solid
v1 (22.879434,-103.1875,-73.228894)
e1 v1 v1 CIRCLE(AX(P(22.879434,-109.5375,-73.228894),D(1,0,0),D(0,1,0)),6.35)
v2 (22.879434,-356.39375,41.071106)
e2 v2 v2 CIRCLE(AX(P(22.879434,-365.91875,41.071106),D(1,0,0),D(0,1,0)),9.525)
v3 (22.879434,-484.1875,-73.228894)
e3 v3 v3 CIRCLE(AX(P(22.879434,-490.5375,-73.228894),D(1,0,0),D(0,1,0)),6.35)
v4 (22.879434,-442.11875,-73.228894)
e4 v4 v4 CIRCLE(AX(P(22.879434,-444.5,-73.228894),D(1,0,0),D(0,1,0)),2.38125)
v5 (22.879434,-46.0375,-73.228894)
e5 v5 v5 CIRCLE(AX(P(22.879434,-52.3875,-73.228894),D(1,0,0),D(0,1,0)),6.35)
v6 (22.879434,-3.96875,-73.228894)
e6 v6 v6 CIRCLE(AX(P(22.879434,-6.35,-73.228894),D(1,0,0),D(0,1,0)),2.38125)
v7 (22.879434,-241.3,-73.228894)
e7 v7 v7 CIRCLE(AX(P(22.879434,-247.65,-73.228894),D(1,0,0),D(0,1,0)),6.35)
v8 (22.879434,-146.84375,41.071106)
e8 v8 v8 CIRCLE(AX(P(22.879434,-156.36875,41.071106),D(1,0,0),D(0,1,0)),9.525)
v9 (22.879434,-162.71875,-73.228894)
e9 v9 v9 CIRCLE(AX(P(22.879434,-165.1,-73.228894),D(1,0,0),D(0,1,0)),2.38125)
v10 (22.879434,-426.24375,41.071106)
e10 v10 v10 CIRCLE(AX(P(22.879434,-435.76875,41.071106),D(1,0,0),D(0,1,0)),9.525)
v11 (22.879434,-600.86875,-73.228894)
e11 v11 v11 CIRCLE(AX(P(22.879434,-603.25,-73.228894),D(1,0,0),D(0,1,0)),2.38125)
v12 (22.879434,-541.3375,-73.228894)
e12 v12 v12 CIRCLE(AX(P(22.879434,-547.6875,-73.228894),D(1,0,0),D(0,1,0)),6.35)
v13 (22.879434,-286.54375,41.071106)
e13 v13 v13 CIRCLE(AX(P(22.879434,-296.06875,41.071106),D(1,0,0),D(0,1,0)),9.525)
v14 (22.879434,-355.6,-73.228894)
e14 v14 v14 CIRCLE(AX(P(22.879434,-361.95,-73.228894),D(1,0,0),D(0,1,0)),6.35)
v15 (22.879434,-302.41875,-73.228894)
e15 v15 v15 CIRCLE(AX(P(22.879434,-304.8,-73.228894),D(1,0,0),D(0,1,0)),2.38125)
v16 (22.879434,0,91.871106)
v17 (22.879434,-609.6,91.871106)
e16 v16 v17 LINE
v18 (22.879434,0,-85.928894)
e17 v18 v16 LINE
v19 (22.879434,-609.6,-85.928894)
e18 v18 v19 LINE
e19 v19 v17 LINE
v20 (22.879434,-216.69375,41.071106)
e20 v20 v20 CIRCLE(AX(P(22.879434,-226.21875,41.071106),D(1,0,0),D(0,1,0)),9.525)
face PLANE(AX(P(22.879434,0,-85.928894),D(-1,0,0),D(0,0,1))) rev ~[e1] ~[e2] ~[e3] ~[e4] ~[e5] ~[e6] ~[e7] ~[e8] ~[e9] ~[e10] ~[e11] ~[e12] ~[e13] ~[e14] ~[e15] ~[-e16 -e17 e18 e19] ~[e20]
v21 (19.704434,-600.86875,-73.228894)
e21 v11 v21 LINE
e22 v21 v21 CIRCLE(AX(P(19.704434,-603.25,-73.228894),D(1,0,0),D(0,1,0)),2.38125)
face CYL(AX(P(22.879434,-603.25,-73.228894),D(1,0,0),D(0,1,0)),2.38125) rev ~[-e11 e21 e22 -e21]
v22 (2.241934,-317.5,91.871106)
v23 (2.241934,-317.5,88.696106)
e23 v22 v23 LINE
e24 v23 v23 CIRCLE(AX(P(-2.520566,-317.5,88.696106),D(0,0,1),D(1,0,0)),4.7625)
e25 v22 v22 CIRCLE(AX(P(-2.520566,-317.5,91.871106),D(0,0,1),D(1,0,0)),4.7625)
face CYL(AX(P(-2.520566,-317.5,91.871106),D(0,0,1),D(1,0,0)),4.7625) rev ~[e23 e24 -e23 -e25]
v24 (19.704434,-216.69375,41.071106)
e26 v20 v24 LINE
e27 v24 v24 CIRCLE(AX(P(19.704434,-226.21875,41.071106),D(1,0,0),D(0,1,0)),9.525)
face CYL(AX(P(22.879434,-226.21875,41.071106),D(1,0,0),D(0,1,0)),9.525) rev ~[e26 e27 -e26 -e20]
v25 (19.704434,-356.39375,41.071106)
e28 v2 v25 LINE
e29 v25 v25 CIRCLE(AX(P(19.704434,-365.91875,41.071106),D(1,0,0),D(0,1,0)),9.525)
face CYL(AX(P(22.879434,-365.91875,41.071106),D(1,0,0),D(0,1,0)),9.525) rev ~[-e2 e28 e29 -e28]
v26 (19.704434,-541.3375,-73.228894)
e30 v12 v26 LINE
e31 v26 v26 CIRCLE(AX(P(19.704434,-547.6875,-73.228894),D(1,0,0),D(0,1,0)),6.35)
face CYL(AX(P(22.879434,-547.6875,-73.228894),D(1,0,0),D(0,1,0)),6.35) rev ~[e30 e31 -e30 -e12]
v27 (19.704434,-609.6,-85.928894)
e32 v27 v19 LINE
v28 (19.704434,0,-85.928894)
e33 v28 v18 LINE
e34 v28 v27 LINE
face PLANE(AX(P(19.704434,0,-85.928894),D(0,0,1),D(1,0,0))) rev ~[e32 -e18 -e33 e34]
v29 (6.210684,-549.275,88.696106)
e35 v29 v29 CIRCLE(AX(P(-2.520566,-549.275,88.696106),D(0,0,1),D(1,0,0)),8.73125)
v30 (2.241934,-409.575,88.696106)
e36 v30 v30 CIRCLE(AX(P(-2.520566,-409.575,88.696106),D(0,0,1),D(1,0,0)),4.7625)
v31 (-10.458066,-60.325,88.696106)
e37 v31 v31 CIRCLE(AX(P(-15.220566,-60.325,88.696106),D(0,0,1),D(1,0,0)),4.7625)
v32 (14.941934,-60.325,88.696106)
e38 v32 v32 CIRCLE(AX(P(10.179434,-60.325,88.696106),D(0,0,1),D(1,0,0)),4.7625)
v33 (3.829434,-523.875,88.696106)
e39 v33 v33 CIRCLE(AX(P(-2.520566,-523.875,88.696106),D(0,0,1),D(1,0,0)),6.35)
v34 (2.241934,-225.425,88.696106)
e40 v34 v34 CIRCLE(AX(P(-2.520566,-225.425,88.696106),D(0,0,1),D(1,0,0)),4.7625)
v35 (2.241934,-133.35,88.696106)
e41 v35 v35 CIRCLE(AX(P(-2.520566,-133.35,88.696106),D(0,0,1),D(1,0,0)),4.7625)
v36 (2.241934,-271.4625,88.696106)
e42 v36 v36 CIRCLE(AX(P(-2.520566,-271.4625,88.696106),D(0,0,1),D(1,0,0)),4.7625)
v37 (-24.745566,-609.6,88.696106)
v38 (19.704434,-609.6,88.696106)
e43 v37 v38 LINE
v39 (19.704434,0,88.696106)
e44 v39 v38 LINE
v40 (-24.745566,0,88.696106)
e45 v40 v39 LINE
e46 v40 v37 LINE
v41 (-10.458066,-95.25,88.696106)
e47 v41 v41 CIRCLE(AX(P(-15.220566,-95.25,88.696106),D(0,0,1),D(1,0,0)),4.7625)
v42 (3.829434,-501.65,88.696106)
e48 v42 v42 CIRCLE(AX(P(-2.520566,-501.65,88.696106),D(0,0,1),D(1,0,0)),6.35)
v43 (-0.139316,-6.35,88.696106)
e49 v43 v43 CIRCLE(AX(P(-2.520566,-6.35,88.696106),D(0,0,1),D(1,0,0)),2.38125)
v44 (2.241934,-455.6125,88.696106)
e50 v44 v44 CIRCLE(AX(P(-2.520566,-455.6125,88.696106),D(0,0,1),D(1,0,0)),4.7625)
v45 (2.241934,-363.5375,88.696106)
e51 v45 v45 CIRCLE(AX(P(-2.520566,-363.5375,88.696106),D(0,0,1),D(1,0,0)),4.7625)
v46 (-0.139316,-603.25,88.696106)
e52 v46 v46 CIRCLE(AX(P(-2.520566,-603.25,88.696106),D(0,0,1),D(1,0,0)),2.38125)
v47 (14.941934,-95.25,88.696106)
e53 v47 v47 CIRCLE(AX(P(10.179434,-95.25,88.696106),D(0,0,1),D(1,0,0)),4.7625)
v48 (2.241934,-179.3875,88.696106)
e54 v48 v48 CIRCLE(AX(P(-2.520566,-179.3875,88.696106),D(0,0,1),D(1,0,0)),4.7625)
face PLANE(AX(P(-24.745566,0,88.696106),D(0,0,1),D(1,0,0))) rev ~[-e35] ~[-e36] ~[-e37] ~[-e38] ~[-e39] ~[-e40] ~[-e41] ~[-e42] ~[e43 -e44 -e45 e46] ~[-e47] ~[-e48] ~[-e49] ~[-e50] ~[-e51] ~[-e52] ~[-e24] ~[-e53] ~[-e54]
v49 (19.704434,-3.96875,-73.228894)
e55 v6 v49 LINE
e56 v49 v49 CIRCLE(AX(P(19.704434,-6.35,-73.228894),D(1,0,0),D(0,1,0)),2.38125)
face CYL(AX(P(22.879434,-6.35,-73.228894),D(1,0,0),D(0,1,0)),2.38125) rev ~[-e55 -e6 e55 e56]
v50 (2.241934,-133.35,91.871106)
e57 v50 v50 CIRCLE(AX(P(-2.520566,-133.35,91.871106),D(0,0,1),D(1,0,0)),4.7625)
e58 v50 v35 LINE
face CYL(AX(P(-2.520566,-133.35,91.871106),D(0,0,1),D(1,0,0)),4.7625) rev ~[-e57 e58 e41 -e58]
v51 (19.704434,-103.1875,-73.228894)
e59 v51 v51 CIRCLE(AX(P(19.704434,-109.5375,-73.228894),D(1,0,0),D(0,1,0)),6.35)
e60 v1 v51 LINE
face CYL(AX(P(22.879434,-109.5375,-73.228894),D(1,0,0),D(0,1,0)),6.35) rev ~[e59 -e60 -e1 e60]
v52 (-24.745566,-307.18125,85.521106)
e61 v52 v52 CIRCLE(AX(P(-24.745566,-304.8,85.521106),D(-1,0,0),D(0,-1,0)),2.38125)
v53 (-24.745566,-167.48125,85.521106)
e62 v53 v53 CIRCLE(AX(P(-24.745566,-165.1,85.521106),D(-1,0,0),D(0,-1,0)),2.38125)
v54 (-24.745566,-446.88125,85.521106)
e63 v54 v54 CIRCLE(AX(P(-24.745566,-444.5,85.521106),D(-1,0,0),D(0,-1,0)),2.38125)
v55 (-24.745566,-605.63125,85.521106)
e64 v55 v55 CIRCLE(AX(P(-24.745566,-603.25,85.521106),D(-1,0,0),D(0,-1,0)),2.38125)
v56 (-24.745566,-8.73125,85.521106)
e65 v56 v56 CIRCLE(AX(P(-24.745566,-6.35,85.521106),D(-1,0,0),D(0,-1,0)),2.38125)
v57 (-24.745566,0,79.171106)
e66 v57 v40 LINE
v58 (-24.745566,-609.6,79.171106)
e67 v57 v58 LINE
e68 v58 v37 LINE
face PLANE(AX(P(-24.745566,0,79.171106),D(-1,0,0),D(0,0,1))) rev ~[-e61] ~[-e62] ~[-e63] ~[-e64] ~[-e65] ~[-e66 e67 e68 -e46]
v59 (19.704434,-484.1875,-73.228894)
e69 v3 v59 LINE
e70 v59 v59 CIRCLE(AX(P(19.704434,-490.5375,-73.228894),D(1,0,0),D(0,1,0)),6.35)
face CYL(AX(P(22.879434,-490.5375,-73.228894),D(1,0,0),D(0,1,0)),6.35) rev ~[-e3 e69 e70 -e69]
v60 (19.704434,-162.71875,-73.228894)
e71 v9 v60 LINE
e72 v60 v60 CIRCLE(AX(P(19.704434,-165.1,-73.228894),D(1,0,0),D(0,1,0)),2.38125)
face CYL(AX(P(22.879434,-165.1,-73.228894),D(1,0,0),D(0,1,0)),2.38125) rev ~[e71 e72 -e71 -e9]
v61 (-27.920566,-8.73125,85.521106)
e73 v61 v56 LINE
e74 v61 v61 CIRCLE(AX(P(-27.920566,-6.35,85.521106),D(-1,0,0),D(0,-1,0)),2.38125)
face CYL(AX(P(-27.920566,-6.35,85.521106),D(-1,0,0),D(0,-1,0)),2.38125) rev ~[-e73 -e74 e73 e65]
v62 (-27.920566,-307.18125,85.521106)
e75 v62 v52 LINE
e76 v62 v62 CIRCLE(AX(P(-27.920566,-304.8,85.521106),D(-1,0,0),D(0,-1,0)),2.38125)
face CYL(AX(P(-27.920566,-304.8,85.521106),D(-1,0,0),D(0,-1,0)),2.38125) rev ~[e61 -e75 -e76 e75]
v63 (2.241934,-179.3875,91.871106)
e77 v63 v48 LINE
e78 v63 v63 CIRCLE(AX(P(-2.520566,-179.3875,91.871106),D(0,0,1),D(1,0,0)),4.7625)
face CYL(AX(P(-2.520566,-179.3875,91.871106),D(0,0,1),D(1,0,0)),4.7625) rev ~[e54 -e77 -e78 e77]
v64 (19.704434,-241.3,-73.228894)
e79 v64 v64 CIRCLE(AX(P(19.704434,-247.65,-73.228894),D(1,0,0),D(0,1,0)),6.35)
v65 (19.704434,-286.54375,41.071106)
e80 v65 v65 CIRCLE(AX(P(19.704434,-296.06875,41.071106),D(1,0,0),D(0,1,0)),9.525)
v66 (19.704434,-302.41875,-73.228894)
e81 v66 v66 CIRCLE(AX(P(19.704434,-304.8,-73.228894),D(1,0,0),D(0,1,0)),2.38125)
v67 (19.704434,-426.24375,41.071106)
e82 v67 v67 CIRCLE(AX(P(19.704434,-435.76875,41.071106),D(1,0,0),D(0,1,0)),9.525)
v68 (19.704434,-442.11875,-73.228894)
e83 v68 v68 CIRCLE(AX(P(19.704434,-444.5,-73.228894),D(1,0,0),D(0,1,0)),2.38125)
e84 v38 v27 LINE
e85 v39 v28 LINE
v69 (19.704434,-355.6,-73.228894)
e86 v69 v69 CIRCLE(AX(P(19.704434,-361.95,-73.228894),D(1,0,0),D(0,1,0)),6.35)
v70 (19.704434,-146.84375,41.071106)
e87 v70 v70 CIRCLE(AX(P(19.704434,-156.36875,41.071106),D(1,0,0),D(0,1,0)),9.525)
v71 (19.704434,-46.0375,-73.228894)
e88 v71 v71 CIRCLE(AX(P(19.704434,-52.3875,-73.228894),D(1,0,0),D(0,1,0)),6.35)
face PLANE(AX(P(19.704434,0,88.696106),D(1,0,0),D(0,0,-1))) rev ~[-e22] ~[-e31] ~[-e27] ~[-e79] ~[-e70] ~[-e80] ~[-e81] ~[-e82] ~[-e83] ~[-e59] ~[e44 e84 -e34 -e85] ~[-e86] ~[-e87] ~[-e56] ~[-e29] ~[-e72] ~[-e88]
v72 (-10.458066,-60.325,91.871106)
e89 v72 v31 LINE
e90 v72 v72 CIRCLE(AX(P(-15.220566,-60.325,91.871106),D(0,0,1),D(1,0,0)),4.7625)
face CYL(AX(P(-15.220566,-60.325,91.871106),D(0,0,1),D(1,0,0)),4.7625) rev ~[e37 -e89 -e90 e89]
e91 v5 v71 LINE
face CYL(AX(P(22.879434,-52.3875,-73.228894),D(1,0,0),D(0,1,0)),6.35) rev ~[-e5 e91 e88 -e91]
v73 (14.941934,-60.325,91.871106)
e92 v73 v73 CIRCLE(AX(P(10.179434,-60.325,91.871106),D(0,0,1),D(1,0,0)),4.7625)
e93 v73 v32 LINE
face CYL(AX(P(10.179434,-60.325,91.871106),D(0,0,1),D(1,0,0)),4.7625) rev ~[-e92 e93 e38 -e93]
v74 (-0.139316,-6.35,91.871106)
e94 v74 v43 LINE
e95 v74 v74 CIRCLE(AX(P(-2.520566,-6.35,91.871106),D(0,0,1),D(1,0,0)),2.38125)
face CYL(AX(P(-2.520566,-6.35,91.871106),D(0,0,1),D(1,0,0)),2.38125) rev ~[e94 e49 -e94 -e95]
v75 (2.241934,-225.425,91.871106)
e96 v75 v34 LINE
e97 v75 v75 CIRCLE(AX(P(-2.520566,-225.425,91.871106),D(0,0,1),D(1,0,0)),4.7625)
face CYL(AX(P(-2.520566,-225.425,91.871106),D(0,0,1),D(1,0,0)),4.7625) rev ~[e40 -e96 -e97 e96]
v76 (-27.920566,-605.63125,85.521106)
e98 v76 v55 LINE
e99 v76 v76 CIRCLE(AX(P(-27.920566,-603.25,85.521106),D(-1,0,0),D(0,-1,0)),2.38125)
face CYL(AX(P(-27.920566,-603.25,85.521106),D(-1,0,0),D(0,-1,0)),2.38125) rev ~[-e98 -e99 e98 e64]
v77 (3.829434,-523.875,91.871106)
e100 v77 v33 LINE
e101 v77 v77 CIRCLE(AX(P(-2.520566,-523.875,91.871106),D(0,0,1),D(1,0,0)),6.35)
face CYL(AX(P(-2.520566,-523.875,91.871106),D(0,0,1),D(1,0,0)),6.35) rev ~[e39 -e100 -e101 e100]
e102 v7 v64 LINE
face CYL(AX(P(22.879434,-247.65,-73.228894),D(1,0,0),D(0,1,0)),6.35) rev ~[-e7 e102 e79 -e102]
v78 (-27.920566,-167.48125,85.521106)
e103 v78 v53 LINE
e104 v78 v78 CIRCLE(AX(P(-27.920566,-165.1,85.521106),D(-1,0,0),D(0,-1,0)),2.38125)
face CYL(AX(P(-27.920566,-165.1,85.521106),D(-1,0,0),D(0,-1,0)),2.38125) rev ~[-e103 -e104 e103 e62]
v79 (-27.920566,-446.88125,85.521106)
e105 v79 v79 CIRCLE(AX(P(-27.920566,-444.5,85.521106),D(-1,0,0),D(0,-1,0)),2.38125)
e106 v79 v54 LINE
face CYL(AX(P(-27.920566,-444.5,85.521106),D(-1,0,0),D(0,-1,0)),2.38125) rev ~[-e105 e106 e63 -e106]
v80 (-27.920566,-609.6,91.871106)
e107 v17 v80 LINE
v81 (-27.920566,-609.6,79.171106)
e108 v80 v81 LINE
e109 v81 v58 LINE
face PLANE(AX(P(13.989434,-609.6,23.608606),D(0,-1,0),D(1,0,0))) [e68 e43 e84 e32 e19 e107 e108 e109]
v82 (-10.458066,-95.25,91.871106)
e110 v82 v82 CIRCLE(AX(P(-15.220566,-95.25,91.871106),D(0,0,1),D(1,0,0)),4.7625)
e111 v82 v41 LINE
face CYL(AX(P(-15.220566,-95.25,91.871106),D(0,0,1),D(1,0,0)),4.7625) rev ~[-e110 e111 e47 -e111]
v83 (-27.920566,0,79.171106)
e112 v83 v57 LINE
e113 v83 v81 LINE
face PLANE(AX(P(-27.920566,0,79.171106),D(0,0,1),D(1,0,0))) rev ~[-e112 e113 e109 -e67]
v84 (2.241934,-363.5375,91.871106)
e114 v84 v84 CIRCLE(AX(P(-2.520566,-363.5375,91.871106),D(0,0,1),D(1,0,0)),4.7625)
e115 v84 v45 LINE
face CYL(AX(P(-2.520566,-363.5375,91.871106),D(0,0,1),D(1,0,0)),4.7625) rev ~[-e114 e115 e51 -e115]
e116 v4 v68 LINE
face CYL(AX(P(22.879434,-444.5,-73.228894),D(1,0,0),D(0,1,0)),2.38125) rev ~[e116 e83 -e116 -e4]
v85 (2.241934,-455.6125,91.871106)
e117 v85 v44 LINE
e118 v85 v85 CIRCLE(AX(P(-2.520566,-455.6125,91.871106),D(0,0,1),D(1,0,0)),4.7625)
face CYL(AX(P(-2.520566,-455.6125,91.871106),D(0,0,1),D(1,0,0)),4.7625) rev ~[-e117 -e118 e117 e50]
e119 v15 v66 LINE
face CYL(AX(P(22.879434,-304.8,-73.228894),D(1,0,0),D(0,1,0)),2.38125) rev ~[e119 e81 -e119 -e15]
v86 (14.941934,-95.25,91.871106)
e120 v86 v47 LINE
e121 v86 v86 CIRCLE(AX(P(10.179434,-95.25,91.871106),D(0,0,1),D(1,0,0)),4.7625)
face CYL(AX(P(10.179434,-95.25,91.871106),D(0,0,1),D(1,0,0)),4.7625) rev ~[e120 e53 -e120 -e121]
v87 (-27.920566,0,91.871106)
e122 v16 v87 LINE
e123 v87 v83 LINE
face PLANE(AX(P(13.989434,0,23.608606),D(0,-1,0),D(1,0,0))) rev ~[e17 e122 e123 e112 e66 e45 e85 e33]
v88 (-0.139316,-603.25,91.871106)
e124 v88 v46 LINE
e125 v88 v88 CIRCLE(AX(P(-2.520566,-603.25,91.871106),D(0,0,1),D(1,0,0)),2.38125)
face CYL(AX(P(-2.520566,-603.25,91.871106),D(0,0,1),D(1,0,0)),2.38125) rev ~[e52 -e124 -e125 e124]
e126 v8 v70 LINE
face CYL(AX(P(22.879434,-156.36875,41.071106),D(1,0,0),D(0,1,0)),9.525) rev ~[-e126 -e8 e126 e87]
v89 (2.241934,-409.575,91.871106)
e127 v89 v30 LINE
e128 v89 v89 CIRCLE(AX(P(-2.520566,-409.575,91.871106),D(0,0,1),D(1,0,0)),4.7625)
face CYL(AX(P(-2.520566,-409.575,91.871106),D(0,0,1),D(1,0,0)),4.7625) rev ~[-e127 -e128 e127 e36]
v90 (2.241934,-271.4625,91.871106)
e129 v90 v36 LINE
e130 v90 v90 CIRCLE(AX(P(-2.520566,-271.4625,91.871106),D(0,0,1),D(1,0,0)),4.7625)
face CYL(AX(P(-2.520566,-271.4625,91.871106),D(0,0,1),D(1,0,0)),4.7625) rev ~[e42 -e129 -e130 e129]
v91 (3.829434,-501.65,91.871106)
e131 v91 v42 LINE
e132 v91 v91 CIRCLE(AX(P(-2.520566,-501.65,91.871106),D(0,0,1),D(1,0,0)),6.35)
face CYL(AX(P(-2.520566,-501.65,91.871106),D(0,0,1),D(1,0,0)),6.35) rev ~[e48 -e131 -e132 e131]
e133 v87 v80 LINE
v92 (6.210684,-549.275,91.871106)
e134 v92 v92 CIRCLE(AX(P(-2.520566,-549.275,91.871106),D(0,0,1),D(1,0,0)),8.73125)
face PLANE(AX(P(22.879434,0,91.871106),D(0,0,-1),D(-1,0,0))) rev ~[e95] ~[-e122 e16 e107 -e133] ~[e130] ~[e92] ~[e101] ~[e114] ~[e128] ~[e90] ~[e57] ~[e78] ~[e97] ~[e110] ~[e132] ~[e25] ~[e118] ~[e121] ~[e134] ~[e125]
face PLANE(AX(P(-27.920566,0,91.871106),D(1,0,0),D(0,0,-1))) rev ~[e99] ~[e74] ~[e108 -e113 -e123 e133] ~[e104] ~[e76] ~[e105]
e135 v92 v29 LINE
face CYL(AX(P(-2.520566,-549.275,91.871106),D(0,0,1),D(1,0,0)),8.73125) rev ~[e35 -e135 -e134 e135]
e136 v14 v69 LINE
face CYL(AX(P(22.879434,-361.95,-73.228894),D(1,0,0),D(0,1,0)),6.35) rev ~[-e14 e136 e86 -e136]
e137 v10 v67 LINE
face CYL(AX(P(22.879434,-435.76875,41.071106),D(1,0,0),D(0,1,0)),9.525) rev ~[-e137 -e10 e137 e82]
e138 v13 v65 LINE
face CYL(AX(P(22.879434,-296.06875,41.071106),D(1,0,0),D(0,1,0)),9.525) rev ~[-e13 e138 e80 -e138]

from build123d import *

# Parameters (mm, degrees)
F1_DEPTH = 609.6
F2_R     = 9.525
F2_R_2   = 2.38125
F2_R_3   = 6.35
F3_DEPTH = 50.801
F4_R     = 2.38125
F5_DEPTH = 3.175
F6_R     = 4.7625
F6_R_2   = 6.35
F6_R_3   = 8.73125
F6_R_4   = 2.38125
F7_DEPTH = 3.175


with BuildPart() as f1:
    # F0 (on Front) → F1 (new body)
    with BuildSketch(Plane.XZ):
        Polygon((-27.920566, 91.871106), (-27.920566, 79.171106), (-24.745566, 79.171106), (-24.745566, 88.696106), (19.704434, 88.696106), (19.704434, -85.928894), (22.879434, -85.928894), (22.879434, 91.871106), align=None)
    extrude(amount=F1_DEPTH)

    # F2 (on face) → F3 (cut, through all)
    with BuildSketch(Plane.YZ.offset(22.879434)):
        with Locations((-435.76875, 41.071106)):
            Circle(F2_R)
        with Locations((-365.91875, 41.071106)):
            Circle(F2_R)
        with Locations((-296.06875, 41.071106)):
            Circle(F2_R)
        with Locations((-226.21875, 41.071106)):
            Circle(F2_R)
        with Locations((-156.36875, 41.071106)):
            Circle(F2_R)
        with Locations((-603.25, -73.228894)):
            Circle(F2_R_2)
        with Locations((-547.6875, -73.228894)):
            Circle(F2_R_3)
        with Locations((-490.5375, -73.228894)):
            Circle(F2_R_3)
        with Locations((-361.95, -73.228894)):
            Circle(F2_R_3)
        with Locations((-444.5, -73.228894)):
            Circle(F2_R_2)
        with Locations((-304.8, -73.228894)):
            Circle(F2_R_2)
        with Locations((-247.65, -73.228894)):
            Circle(F2_R_3)
        with Locations((-165.1, -73.228894)):
            Circle(F2_R_2)
        with Locations((-109.5375, -73.228894)):
            Circle(F2_R_3)
        with Locations((-52.3875, -73.228894)):
            Circle(F2_R_3)
        with Locations((-6.35, -73.228894)):
            Circle(F2_R_2)
    extrude(amount=-F3_DEPTH, mode=Mode.SUBTRACT)

    # F4 (on face) → F5 (cut, through all)
    with BuildSketch(Plane(origin=(-27.920566, 0, 0), x_dir=(0, -1, 0), z_dir=(-1, 0, 0))):
        with Locations((6.35, 85.521106)):
            Circle(F4_R)
        with Locations((165.1, 85.521106)):
            Circle(F4_R)
        with Locations((304.8, 85.521106)):
            Circle(F4_R)
        with Locations((444.5, 85.521106)):
            Circle(F4_R)
        with Locations((603.25, 85.521106)):
            Circle(F4_R)
    extrude(amount=-F5_DEPTH, mode=Mode.SUBTRACT)

    # F6 (on face) → F7 (cut, through all)
    with BuildSketch(Plane.XY.offset(91.871106)):
        with Locations((10.179434, -60.325)):
            Circle(F6_R)
        with Locations((-15.220566, -60.325)):
            Circle(F6_R)
        with Locations((10.179434, -95.25)):
            Circle(F6_R)
        with Locations((-15.220566, -95.25)):
            Circle(F6_R)
        with Locations((-2.520566, -133.35)):
            Circle(F6_R)
        with Locations((-2.520566, -179.3875)):
            Circle(F6_R)
        with Locations((-2.520566, -225.425)):
            Circle(F6_R)
        with Locations((-2.520566, -317.5)):
            Circle(F6_R)
        with Locations((-2.520566, -409.575)):
            Circle(F6_R)
        with Locations((-2.520566, -501.65)):
            Circle(F6_R_2)
        with Locations((-2.520566, -363.5375)):
            Circle(F6_R)
        with Locations((-2.520566, -271.4625)):
            Circle(F6_R)
        with Locations((-2.520566, -523.875)):
            Circle(F6_R_2)
        with Locations((-2.520566, -549.275)):
            Circle(F6_R_3)
        with Locations((-2.520566, -455.6125)):
            Circle(F6_R)
        with Locations((-2.520566, -6.35)):
            Circle(F6_R_4)
        with Locations((-2.520566, -603.25)):
            Circle(F6_R_4)
    extrude(amount=-F7_DEPTH, mode=Mode.SUBTRACT)


solid = f1.part
